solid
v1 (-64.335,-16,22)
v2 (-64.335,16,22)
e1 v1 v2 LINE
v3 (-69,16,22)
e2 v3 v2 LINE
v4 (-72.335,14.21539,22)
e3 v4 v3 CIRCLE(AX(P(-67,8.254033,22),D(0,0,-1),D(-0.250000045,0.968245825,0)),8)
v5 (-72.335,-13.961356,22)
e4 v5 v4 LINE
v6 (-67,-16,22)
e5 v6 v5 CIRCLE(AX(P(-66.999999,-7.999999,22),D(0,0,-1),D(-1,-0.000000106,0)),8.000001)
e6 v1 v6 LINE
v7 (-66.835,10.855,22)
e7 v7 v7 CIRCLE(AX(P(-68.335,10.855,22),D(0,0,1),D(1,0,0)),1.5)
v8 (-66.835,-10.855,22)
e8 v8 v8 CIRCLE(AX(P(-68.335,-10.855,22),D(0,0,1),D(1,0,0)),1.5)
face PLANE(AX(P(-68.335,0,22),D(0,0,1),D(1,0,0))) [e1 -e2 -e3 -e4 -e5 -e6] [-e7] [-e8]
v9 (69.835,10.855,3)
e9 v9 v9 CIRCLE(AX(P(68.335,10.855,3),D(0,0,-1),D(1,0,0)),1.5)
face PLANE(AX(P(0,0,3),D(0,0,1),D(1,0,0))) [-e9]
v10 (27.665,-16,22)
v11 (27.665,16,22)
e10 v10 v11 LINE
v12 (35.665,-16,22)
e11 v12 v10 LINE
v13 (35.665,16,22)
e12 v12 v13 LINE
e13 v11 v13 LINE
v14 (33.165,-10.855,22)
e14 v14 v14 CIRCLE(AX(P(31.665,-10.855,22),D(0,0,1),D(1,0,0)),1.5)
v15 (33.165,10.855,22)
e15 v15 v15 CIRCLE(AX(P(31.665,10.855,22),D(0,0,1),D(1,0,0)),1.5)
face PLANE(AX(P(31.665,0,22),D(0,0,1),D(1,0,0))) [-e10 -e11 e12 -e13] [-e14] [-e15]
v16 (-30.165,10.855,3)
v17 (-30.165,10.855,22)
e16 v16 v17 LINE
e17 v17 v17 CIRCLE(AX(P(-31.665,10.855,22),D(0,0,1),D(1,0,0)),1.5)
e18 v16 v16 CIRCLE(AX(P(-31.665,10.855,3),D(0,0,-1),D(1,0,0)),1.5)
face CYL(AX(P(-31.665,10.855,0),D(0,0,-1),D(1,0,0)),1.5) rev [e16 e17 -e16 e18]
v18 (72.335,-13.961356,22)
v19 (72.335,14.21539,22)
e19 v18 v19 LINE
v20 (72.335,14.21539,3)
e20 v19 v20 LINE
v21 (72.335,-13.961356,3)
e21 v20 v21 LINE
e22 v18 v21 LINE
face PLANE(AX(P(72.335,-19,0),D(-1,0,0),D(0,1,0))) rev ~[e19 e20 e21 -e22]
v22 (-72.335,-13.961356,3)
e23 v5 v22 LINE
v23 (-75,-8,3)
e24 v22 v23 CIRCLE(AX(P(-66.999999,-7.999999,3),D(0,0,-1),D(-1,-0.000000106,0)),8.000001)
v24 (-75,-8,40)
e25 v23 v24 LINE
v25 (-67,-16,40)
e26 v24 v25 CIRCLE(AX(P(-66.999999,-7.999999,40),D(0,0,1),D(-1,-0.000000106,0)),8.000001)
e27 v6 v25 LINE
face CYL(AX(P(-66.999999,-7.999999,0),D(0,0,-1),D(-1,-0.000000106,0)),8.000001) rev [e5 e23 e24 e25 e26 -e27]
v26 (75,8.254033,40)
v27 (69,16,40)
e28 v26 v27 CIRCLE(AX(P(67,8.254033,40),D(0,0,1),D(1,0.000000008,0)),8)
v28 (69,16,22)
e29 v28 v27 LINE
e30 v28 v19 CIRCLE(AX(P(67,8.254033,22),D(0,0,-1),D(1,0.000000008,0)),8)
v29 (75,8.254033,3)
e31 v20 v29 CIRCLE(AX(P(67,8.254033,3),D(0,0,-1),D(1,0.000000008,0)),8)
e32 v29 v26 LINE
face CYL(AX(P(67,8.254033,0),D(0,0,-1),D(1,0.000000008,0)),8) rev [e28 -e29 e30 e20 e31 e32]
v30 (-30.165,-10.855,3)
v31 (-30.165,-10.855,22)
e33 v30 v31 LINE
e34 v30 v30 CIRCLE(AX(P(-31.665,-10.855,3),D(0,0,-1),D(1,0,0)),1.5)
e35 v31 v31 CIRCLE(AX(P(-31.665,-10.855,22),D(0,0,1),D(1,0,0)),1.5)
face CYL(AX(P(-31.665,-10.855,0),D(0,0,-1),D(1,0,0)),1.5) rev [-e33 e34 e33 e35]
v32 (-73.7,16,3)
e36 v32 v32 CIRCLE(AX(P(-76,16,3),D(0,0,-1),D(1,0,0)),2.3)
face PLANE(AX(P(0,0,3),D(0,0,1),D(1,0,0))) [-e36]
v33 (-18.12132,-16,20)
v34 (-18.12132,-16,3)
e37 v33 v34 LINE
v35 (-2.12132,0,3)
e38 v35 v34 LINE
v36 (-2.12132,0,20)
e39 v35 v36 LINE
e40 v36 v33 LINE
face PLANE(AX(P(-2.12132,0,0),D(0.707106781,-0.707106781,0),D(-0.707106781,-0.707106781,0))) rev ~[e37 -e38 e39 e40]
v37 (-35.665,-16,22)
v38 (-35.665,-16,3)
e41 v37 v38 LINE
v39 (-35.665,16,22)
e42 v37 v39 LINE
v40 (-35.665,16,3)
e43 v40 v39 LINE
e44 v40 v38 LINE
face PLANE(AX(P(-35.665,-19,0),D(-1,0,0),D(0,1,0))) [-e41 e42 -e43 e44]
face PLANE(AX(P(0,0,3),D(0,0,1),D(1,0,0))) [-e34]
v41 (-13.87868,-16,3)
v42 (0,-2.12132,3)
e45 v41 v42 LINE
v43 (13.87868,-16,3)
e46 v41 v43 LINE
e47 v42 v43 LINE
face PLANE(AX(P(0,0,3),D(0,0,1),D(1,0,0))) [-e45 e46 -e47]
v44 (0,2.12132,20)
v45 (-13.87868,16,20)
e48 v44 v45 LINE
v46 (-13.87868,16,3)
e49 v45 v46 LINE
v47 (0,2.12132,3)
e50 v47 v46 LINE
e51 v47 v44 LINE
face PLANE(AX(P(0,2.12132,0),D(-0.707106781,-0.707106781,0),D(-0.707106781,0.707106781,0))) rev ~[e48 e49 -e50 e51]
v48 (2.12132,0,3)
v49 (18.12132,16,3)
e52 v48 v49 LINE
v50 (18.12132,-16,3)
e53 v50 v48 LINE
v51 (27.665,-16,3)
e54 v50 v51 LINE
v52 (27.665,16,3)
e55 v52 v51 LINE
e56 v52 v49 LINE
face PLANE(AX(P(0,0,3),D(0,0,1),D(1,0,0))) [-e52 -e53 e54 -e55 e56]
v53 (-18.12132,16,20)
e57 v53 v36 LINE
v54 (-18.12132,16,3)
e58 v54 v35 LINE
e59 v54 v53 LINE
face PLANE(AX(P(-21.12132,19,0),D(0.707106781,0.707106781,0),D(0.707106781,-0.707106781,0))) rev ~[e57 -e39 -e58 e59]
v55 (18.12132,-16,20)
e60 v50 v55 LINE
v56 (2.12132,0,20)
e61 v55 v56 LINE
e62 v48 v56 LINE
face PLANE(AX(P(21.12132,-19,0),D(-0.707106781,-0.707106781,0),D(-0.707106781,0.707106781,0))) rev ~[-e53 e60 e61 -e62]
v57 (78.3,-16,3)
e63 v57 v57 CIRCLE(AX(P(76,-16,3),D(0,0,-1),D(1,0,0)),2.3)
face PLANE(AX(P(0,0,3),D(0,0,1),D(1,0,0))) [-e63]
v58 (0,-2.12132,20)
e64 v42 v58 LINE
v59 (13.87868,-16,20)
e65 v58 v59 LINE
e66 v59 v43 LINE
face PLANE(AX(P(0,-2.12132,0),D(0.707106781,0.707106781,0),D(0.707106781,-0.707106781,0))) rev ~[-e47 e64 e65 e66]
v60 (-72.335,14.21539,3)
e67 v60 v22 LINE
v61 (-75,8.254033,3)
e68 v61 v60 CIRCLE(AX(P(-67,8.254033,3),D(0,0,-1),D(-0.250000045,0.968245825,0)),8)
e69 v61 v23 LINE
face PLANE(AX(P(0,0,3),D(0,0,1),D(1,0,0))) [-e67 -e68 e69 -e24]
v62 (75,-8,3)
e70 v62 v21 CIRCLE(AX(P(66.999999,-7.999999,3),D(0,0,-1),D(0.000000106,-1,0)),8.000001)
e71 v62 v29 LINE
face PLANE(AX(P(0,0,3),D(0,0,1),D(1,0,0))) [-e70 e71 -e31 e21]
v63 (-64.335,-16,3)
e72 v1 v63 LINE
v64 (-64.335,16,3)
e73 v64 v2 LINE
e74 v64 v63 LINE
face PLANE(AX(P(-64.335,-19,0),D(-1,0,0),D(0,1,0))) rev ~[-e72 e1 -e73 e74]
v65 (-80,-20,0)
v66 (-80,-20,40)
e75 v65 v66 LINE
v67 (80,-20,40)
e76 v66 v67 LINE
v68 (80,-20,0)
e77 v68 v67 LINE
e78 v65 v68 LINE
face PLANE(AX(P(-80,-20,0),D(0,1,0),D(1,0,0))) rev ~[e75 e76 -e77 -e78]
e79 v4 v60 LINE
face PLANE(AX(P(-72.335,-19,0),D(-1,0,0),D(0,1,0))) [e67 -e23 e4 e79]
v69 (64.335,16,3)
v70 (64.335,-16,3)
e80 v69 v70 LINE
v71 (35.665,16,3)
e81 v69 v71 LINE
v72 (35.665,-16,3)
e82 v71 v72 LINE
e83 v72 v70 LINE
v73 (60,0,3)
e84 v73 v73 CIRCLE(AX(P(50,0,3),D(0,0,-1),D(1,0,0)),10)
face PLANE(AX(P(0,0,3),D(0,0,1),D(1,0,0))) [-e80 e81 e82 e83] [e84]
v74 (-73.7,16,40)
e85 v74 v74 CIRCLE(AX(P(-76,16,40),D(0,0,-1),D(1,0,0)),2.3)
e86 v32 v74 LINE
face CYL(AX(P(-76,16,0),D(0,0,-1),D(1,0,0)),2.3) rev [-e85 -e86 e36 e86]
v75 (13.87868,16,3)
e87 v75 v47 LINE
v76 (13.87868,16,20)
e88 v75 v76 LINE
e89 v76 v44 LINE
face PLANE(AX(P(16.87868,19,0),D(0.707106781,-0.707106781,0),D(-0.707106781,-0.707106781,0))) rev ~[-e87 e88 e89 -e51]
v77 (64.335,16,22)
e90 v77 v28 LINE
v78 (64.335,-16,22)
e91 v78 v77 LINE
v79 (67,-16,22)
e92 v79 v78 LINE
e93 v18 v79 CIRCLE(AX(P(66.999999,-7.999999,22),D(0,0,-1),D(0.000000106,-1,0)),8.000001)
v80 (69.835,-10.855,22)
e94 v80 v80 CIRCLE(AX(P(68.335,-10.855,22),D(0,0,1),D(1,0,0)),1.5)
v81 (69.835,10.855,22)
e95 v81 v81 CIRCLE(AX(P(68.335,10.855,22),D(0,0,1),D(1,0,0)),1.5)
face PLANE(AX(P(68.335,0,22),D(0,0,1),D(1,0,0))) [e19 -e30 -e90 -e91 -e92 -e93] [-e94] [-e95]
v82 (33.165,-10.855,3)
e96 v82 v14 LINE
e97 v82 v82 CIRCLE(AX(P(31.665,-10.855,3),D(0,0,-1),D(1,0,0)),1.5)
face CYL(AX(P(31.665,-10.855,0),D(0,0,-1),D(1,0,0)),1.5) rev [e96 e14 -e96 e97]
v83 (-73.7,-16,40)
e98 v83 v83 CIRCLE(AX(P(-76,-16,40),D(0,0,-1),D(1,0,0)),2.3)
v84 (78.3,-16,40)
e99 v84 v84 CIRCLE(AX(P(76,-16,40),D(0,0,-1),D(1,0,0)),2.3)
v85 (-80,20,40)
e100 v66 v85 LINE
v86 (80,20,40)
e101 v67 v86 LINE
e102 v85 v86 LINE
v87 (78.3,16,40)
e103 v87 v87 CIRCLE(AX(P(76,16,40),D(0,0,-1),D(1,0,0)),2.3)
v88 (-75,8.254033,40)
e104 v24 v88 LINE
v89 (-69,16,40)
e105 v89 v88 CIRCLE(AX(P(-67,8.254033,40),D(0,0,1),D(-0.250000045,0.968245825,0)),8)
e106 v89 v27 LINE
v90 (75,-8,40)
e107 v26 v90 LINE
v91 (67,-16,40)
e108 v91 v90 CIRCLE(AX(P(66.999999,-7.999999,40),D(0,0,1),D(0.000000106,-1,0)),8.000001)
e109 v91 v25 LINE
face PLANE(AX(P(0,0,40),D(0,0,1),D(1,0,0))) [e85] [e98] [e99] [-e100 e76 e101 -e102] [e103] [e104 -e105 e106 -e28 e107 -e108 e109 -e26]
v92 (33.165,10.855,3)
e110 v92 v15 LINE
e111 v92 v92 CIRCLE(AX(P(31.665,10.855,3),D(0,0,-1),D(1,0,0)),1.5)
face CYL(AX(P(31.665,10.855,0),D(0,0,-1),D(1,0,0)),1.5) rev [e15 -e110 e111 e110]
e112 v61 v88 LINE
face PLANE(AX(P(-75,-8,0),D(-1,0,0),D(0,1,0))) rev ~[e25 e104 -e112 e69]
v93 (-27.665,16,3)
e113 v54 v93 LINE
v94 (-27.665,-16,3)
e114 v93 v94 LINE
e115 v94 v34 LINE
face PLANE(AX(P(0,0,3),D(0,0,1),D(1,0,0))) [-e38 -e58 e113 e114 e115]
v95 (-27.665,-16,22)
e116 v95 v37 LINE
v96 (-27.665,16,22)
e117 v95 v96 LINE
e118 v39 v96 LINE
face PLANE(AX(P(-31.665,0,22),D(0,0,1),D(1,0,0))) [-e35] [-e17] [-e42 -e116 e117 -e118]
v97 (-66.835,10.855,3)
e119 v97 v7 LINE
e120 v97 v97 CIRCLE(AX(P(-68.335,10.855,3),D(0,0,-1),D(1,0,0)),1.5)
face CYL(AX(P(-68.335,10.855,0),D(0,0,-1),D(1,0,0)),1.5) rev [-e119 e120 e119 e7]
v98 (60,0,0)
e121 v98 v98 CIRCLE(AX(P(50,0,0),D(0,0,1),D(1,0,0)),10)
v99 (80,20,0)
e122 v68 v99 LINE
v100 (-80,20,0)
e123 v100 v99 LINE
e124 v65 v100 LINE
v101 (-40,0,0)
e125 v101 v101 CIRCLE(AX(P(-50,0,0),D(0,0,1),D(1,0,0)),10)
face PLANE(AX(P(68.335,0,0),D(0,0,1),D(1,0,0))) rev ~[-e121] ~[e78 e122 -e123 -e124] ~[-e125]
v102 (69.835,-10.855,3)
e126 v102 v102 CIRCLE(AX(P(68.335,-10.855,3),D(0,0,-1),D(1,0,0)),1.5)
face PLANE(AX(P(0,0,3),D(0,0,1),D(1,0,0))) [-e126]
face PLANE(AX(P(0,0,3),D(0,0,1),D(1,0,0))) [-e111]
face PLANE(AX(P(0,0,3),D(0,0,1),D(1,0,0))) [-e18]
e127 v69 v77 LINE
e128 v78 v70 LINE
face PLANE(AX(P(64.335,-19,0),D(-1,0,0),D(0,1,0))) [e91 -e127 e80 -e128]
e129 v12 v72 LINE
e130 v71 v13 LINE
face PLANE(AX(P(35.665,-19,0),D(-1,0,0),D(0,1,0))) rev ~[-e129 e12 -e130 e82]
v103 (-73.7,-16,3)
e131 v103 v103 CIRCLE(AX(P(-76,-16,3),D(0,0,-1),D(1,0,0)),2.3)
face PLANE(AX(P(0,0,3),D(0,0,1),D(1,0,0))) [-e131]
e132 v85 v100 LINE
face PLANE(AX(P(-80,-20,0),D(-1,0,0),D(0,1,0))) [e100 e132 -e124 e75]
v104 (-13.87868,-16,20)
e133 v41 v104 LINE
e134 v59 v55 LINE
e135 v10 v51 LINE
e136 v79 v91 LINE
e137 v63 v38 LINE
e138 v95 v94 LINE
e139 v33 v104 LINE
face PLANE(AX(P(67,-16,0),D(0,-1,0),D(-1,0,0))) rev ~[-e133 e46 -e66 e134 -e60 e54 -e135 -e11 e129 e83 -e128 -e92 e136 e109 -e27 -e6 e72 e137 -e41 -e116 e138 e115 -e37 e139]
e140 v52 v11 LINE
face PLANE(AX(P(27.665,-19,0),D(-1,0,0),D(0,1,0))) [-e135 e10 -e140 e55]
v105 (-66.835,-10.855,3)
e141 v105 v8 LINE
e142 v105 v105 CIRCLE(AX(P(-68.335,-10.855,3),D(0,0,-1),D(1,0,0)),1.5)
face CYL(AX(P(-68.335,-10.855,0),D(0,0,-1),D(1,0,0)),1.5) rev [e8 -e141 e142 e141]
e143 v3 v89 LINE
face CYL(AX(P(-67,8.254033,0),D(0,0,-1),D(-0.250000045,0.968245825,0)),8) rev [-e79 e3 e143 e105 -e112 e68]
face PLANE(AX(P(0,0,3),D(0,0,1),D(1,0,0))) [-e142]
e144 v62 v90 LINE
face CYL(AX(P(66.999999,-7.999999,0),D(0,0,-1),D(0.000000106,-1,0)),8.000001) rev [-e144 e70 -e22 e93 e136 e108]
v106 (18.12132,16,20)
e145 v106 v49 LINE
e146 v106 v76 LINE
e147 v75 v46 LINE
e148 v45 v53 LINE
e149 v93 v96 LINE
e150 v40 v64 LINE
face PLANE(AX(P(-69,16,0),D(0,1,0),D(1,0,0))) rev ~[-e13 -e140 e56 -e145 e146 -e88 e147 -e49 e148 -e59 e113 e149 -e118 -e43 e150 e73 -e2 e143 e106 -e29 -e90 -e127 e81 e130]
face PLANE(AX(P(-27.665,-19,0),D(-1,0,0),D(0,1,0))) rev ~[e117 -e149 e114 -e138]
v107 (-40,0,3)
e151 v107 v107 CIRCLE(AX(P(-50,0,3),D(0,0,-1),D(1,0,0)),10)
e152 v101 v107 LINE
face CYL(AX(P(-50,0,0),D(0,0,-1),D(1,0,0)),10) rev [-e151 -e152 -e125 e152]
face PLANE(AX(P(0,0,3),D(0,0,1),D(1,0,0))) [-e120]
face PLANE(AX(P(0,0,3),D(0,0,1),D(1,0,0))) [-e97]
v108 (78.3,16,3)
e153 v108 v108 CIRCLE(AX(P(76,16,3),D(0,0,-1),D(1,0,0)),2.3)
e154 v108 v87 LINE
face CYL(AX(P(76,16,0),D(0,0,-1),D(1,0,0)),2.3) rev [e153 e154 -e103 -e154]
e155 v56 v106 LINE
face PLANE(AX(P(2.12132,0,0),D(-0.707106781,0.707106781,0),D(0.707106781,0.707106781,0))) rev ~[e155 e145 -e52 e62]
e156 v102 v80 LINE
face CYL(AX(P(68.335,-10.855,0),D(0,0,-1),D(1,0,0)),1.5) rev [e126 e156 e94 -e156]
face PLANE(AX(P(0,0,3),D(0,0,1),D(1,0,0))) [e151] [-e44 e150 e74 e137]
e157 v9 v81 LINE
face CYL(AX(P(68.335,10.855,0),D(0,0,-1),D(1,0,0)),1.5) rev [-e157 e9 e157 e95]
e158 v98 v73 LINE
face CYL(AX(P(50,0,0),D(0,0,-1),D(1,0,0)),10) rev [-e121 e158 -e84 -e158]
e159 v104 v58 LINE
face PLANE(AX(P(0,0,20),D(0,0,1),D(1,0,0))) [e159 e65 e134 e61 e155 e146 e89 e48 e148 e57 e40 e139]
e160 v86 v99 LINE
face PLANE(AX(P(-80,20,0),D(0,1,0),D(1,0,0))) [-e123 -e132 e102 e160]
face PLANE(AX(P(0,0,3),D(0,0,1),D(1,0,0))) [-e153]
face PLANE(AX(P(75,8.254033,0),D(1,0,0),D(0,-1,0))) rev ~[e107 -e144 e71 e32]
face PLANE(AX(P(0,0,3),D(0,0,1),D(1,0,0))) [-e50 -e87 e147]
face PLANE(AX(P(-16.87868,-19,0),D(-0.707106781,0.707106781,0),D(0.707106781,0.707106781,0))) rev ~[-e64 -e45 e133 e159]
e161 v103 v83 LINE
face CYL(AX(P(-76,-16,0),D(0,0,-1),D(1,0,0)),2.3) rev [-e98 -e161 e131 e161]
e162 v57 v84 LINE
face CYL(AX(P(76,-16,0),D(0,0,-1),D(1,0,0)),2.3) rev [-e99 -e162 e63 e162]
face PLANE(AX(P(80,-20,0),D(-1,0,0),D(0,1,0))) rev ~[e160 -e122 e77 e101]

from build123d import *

# Parameters (mm, degrees)
SKETCH005_R  = 1.5
PAD004_DEPTH = 22
SKETCH004_W  = 8
SKETCH004_H  = 38
PAD003_DEPTH = 22
SKETCH006_R  = 2.3
PAD005_DEPTH = 70
SKETCH002_W  = 160
SKETCH002_H  = 40
PAD002_DEPTH = 40
SKETCH_R     = 10
PAD001_DEPTH = 5
SKETCH001_W  = 160
SKETCH001_H  = 40
PAD_DEPTH    = 3
PAD006_DEPTH = 20


with BuildPart() as pylon_thread_holes:
    # Sketch005 → Pad004 (new body)
    with BuildSketch(Plane.XY):
        with Locations((-68.335, 10.855)):
            Circle(SKETCH005_R)
        with Locations((-31.665, 10.855)):
            Circle(SKETCH005_R)
        with Locations((-68.335, -10.855)):
            Circle(SKETCH005_R)
        with Locations((-31.665, -10.855)):
            Circle(SKETCH005_R)
        with Locations((31.665, 10.855)):
            Circle(SKETCH005_R)
        with Locations((31.665, -10.855)):
            Circle(SKETCH005_R)
        with Locations((68.335, 10.855)):
            Circle(SKETCH005_R)
        with Locations((68.335, -10.855)):
            Circle(SKETCH005_R)
    extrude(amount=PAD004_DEPTH)


with BuildPart() as pylons:
    # Sketch004 → Pad003 (new body)
    with BuildSketch(Plane.XY):
        with Locations((-68.335, 0)):
            Rectangle(SKETCH004_W, SKETCH004_H)
        with Locations((-31.665, 0)):
            Rectangle(SKETCH004_W, SKETCH004_H)
        with Locations((31.665, 0)):
            Rectangle(SKETCH004_W, SKETCH004_H)
        with Locations((68.335, 0)):
            Rectangle(SKETCH004_W, SKETCH004_H)
    extrude(amount=PAD003_DEPTH)

    # Cut001: cut Pylon Thread Holes
    add(pylon_thread_holes.part, mode=Mode.SUBTRACT)


with BuildPart() as back_panel_screw_holes:
    # Sketch006 → Pad005 (new body)
    with BuildSketch(Plane.XY):
        with Locations((-76, 16)):
            Circle(SKETCH006_R)
        with Locations((-76, -16)):
            Circle(SKETCH006_R)
        with Locations((76, 16)):
            Circle(SKETCH006_R)
        with Locations((76, -16)):
            Circle(SKETCH006_R)
    extrude(amount=PAD005_DEPTH)


with BuildPart() as sidewall:
    # Sketch002 → Pad002 (new body)
    with BuildSketch(Plane.XY):
        Rectangle(SKETCH002_W, SKETCH002_H)
        with BuildLine():
            Line((75, 8.254033), (75, -8))
            ThreePointArc((67, -16), (72.656854, -13.656854), (75, -8))
            Line((67, -16), (-67, -16))
            ThreePointArc((-75, -8), (-72.656854, -13.656854), (-67, -16))
            Line((-75, -8), (-75, 8.254033))
            ThreePointArc((-69, 16), (-73.324555, 13.153013), (-75, 8.254033))
            Line((-69, 16), (69, 16))
            ThreePointArc((75, 8.254033), (73.324555, 13.153013), (69, 16))
        make_face(mode=Mode.SUBTRACT)
    extrude(amount=PAD002_DEPTH)

    # Cut002: cut Back Panel Screw Holes
    add(back_panel_screw_holes.part, mode=Mode.SUBTRACT)


with BuildPart() as lens_holes:
    # Sketch → Pad001 (new body)
    with BuildSketch(Plane.XY):
        with Locations((-50, 0)):
            Circle(SKETCH_R)
        with Locations((50, 0)):
            Circle(SKETCH_R)
    extrude(amount=PAD001_DEPTH)


with BuildPart() as whole:
    # Sketch001 → Pad (new body)
    with BuildSketch(Plane.XY):
        Rectangle(SKETCH001_W, SKETCH001_H)
    extrude(amount=PAD_DEPTH)

    # Cut: cut Lens Holes
    add(lens_holes.part, mode=Mode.SUBTRACT)

    # Fusion: union Sidewall
    add(sidewall.part)

    # Fusion001: union Pylons
    add(pylons.part)


with BuildPart() as fusion002:
    # Sketch007 → Pad006 (new body)
    with BuildSketch(Plane.XY):
        Polygon((-21.12132, 19), (-2.12132, 0), (-21.12132, -19), (-16.87868, -19), (0, -2.12132), (16.87868, -19), (21.12132, -19), (2.12132, 0), (21.12132, 19), (16.87868, 19), (0, 2.12132), (-16.87868, 19), align=None)
    extrude(amount=PAD006_DEPTH)

    # Fusion002: union Whole
    add(whole.part)


solid = fusion002.part
